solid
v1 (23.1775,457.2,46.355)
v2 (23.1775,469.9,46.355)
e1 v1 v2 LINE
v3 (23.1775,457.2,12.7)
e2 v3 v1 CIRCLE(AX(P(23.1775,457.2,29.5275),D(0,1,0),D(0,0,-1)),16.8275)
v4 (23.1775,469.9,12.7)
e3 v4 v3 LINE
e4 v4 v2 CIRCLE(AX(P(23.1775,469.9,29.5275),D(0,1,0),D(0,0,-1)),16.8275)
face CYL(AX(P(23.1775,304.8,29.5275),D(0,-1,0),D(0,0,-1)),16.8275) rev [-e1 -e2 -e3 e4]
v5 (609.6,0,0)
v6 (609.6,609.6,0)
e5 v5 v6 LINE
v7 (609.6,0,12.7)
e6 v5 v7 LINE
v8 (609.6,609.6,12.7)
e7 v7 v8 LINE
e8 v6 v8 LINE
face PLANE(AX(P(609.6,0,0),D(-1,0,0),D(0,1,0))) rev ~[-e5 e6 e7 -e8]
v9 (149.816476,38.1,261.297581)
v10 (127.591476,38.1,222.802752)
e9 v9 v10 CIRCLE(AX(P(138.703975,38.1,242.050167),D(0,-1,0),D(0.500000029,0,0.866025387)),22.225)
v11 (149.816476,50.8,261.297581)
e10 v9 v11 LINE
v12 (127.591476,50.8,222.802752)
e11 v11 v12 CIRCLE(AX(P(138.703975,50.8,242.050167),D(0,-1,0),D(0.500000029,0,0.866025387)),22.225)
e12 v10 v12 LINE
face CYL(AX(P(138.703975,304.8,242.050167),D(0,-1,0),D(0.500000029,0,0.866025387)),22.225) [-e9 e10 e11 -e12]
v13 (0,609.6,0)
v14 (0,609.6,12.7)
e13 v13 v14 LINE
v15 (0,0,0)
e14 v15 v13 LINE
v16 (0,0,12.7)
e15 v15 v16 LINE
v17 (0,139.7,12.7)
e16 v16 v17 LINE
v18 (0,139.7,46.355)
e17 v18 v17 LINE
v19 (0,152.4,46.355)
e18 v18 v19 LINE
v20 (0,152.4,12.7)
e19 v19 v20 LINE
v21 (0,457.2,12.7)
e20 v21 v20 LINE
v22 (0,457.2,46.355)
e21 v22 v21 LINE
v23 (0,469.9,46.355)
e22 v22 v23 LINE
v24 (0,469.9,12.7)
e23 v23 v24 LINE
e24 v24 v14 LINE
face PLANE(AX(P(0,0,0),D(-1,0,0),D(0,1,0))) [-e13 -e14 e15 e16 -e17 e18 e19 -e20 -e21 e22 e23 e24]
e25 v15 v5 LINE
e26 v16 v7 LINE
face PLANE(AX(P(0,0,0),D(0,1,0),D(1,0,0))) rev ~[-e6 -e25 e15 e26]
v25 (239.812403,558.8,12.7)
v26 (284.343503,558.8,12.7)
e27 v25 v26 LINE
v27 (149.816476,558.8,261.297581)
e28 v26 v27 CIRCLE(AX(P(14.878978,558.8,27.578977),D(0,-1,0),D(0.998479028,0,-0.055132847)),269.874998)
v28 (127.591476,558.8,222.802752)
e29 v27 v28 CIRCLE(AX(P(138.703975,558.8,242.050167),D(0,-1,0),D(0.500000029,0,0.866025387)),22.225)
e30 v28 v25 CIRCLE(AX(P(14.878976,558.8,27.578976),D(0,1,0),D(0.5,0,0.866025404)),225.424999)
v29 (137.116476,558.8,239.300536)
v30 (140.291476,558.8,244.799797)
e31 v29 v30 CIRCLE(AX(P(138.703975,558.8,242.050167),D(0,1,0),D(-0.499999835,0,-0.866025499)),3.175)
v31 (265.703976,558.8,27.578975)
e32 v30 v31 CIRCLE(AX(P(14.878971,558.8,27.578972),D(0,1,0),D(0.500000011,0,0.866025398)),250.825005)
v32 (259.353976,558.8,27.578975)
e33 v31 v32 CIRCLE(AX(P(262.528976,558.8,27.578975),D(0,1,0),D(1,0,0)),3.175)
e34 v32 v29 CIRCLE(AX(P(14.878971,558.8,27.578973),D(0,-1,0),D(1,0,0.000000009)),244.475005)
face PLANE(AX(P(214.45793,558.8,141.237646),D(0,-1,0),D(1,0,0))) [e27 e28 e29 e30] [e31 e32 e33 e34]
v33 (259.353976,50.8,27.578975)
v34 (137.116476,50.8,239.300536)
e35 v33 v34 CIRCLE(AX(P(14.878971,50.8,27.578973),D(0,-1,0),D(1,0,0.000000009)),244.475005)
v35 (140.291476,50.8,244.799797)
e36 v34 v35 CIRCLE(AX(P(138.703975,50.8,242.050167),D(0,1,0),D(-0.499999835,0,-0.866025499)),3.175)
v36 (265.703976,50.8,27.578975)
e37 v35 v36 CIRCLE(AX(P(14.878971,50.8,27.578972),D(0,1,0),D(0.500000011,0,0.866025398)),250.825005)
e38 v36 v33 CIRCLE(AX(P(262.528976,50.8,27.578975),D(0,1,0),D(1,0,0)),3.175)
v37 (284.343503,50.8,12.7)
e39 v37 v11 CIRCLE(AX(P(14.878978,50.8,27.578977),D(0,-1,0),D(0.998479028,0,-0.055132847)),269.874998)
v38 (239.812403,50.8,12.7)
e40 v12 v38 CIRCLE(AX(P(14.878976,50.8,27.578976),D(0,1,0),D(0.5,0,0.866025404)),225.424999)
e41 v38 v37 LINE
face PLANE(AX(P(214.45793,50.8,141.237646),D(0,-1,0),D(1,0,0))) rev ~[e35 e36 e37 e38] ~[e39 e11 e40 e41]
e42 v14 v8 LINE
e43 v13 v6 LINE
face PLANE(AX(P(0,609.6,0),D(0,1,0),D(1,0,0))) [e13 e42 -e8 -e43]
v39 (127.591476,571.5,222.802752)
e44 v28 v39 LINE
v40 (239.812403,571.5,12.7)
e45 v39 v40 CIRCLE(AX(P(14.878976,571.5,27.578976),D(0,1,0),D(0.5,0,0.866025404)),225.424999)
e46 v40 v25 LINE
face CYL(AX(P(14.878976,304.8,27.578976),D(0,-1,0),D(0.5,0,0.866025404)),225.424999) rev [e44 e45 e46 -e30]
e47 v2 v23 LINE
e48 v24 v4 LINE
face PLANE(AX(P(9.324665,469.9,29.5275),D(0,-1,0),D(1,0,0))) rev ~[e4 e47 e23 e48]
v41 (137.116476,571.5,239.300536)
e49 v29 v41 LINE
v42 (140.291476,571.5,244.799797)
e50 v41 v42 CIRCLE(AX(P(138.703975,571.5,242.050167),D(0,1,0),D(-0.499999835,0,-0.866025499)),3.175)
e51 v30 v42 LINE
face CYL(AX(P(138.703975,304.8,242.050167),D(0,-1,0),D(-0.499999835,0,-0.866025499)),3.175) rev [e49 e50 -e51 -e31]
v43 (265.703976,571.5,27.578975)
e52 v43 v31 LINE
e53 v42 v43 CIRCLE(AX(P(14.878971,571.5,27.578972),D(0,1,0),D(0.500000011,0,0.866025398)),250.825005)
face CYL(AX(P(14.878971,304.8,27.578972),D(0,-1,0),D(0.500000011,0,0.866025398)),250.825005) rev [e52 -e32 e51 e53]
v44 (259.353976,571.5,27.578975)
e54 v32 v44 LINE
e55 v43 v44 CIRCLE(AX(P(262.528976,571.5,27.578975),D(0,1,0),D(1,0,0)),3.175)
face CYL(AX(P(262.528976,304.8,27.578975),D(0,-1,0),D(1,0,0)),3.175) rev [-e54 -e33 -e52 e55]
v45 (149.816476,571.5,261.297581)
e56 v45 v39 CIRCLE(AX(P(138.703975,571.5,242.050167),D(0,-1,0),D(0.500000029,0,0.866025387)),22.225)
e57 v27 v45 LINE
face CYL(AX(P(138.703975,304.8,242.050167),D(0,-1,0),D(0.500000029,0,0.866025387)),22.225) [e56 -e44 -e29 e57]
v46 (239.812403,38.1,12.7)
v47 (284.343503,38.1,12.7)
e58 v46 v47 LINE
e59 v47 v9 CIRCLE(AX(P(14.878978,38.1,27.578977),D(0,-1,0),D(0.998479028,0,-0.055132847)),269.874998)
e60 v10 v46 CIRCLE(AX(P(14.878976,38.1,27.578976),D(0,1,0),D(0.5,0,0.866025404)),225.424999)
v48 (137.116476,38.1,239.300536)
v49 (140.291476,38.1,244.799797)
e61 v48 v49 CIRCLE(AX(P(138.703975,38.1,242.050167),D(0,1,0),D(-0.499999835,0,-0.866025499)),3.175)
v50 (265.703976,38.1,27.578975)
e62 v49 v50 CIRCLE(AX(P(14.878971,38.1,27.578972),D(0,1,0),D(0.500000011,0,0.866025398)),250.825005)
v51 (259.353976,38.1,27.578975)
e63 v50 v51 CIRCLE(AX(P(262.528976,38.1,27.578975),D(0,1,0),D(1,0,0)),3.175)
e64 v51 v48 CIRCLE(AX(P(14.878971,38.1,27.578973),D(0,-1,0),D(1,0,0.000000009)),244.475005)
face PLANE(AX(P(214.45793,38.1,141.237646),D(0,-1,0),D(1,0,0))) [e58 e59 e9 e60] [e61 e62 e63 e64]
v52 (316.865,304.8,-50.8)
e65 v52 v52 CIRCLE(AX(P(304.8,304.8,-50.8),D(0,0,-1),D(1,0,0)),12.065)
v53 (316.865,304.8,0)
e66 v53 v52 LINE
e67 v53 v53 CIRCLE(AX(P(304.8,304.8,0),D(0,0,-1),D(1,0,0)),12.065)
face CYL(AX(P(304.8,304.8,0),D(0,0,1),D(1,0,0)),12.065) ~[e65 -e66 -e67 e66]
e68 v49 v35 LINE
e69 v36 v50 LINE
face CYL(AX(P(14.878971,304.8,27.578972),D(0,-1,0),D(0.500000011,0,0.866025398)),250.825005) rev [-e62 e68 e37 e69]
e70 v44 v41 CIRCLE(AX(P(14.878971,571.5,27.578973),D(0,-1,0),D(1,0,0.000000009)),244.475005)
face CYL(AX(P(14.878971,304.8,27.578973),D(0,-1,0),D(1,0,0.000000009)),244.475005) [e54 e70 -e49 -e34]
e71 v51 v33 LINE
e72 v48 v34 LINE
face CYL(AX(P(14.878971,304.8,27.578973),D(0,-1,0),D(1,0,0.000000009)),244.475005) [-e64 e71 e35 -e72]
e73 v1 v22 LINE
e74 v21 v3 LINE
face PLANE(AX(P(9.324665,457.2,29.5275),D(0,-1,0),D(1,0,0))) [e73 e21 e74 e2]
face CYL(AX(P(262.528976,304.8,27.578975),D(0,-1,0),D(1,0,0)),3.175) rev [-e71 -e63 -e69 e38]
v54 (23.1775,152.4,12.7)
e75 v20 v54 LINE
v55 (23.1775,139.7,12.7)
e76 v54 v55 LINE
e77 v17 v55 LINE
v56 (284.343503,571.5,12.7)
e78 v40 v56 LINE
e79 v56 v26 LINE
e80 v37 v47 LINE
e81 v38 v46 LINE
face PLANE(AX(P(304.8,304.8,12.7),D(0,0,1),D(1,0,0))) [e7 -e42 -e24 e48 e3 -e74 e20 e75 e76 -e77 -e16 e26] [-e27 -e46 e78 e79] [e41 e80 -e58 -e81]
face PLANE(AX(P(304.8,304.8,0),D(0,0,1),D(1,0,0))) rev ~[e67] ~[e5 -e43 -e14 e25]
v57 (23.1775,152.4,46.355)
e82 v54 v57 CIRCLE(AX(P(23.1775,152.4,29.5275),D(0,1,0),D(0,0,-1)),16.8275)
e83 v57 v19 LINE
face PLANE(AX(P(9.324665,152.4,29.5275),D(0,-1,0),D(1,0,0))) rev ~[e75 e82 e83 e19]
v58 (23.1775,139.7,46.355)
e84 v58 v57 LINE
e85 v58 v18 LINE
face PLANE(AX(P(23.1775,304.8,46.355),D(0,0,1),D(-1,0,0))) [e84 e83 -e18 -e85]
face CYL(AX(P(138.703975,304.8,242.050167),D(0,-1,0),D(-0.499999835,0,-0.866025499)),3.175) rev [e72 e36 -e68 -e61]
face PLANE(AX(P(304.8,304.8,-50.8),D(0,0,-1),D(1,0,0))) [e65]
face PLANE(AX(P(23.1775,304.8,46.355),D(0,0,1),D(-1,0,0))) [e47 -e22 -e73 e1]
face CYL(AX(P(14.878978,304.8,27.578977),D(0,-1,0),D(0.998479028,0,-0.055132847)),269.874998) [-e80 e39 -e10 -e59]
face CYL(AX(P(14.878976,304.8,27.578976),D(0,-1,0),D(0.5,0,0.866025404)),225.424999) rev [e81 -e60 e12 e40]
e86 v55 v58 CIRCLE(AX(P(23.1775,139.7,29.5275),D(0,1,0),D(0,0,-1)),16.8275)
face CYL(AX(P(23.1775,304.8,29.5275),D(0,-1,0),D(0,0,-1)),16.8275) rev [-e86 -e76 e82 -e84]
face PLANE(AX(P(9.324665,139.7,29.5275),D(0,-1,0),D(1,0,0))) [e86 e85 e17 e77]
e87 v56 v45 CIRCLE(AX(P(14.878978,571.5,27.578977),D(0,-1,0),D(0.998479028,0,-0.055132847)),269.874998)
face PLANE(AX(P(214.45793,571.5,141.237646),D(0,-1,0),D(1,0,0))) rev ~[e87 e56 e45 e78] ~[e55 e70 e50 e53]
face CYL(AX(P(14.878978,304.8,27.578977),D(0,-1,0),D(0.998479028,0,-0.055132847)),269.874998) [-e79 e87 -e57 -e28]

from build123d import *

# Parameters (mm, degrees)
F0_W      = 609.6
F0_H      = 609.6
F1_DEPTH  = 12.7
F2_R      = 12.065
F3_DEPTH  = 50.8
F7_DEPTH  = 266.7
F8_DEPTH  = 254
F9_DEPTH  = 165.1
F10_DEPTH = 152.4


with BuildPart() as f1:
    # F0 (on Top) → F1 (new body)
    with BuildSketch(Plane.XY):
        with Locations((304.8, 304.8)):
            Rectangle(F0_W, F0_H)
    extrude(amount=F1_DEPTH)

    # F2 (on face) → F3 (join)
    with BuildSketch(Plane(origin=(0, 0, 0), x_dir=(1, 0, 0), z_dir=(0, 0, -1))):
        with Locations((304.8, -304.8)):
            Circle(F2_R)
    extrude(amount=F3_DEPTH)

    # F6 (on offset) → F7 (join, symmetric)
    with BuildSketch(Plane.XZ.offset(-304.8)):
        with BuildLine():
            ThreePointArc((127.591476, 222.802752), (213.718068, 133.783712), (239.812403, 12.7))
            Line((239.812403, 12.7), (284.343503, 12.7))
            ThreePointArc((284.343503, 12.7), (252.229854, 156.01992), (149.816476, 261.297581))
            ThreePointArc((149.816476, 261.297581), (119.456561, 253.162667), (127.591476, 222.802752))
        make_face()
        with BuildLine():
            ThreePointArc((265.703976, 27.578975), (262.528976, 24.403975), (259.353976, 27.578975))
            ThreePointArc((259.353976, 27.578975), (226.600536, 149.816475), (137.116476, 239.300536))
            ThreePointArc((137.116476, 239.300536), (135.954345, 243.637667), (140.291476, 244.799797))
            ThreePointArc((140.291476, 244.799797), (232.099797, 152.991475), (265.703976, 27.578975))
        make_face(mode=Mode.SUBTRACT)
    extrude(amount=F7_DEPTH, both=True)

    # F6 (on offset) → F8 (cut, symmetric)
    with BuildSketch(Plane.XZ.offset(-304.8)):
        with BuildLine():
            ThreePointArc((127.591476, 222.802752), (213.718068, 133.783712), (239.812403, 12.7))
            Line((239.812403, 12.7), (284.343503, 12.7))
            ThreePointArc((284.343503, 12.7), (252.229854, 156.01992), (149.816476, 261.297581))
            ThreePointArc((149.816476, 261.297581), (119.456561, 253.162667), (127.591476, 222.802752))
        make_face()
        with BuildLine():
            ThreePointArc((265.703976, 27.578975), (262.528976, 24.403975), (259.353976, 27.578975))
            ThreePointArc((259.353976, 27.578975), (226.600536, 149.816475), (137.116476, 239.300536))
            ThreePointArc((137.116476, 239.300536), (135.954345, 243.637667), (140.291476, 244.799797))
            ThreePointArc((140.291476, 244.799797), (232.099797, 152.991475), (265.703976, 27.578975))
        make_face(mode=Mode.SUBTRACT)
    extrude(amount=F8_DEPTH, both=True, mode=Mode.SUBTRACT)

    # F5 (on offset) → F9 (join, symmetric)
    with BuildSketch(Plane.XZ.offset(-304.8)):
        with BuildLine():
            Line((0, 46.355), (0, 12.7))
            Line((0, 12.7), (23.1775, 12.7))
            ThreePointArc((23.1775, 12.7), (6.35, 29.5275), (23.1775, 46.355))
            Line((23.1775, 46.355), (0, 46.355))
        make_face()
    extrude(amount=F9_DEPTH, both=True)

    # F5 (on offset) → F10 (cut, symmetric)
    with BuildSketch(Plane.XZ.offset(-304.8)):
        with BuildLine():
            Line((0, 46.355), (0, 12.7))
            Line((0, 12.7), (23.1775, 12.7))
            ThreePointArc((23.1775, 12.7), (6.35, 29.5275), (23.1775, 46.355))
            Line((23.1775, 46.355), (0, 46.355))
        make_face()
    extrude(amount=F10_DEPTH, both=True, mode=Mode.SUBTRACT)


solid = f1.part
